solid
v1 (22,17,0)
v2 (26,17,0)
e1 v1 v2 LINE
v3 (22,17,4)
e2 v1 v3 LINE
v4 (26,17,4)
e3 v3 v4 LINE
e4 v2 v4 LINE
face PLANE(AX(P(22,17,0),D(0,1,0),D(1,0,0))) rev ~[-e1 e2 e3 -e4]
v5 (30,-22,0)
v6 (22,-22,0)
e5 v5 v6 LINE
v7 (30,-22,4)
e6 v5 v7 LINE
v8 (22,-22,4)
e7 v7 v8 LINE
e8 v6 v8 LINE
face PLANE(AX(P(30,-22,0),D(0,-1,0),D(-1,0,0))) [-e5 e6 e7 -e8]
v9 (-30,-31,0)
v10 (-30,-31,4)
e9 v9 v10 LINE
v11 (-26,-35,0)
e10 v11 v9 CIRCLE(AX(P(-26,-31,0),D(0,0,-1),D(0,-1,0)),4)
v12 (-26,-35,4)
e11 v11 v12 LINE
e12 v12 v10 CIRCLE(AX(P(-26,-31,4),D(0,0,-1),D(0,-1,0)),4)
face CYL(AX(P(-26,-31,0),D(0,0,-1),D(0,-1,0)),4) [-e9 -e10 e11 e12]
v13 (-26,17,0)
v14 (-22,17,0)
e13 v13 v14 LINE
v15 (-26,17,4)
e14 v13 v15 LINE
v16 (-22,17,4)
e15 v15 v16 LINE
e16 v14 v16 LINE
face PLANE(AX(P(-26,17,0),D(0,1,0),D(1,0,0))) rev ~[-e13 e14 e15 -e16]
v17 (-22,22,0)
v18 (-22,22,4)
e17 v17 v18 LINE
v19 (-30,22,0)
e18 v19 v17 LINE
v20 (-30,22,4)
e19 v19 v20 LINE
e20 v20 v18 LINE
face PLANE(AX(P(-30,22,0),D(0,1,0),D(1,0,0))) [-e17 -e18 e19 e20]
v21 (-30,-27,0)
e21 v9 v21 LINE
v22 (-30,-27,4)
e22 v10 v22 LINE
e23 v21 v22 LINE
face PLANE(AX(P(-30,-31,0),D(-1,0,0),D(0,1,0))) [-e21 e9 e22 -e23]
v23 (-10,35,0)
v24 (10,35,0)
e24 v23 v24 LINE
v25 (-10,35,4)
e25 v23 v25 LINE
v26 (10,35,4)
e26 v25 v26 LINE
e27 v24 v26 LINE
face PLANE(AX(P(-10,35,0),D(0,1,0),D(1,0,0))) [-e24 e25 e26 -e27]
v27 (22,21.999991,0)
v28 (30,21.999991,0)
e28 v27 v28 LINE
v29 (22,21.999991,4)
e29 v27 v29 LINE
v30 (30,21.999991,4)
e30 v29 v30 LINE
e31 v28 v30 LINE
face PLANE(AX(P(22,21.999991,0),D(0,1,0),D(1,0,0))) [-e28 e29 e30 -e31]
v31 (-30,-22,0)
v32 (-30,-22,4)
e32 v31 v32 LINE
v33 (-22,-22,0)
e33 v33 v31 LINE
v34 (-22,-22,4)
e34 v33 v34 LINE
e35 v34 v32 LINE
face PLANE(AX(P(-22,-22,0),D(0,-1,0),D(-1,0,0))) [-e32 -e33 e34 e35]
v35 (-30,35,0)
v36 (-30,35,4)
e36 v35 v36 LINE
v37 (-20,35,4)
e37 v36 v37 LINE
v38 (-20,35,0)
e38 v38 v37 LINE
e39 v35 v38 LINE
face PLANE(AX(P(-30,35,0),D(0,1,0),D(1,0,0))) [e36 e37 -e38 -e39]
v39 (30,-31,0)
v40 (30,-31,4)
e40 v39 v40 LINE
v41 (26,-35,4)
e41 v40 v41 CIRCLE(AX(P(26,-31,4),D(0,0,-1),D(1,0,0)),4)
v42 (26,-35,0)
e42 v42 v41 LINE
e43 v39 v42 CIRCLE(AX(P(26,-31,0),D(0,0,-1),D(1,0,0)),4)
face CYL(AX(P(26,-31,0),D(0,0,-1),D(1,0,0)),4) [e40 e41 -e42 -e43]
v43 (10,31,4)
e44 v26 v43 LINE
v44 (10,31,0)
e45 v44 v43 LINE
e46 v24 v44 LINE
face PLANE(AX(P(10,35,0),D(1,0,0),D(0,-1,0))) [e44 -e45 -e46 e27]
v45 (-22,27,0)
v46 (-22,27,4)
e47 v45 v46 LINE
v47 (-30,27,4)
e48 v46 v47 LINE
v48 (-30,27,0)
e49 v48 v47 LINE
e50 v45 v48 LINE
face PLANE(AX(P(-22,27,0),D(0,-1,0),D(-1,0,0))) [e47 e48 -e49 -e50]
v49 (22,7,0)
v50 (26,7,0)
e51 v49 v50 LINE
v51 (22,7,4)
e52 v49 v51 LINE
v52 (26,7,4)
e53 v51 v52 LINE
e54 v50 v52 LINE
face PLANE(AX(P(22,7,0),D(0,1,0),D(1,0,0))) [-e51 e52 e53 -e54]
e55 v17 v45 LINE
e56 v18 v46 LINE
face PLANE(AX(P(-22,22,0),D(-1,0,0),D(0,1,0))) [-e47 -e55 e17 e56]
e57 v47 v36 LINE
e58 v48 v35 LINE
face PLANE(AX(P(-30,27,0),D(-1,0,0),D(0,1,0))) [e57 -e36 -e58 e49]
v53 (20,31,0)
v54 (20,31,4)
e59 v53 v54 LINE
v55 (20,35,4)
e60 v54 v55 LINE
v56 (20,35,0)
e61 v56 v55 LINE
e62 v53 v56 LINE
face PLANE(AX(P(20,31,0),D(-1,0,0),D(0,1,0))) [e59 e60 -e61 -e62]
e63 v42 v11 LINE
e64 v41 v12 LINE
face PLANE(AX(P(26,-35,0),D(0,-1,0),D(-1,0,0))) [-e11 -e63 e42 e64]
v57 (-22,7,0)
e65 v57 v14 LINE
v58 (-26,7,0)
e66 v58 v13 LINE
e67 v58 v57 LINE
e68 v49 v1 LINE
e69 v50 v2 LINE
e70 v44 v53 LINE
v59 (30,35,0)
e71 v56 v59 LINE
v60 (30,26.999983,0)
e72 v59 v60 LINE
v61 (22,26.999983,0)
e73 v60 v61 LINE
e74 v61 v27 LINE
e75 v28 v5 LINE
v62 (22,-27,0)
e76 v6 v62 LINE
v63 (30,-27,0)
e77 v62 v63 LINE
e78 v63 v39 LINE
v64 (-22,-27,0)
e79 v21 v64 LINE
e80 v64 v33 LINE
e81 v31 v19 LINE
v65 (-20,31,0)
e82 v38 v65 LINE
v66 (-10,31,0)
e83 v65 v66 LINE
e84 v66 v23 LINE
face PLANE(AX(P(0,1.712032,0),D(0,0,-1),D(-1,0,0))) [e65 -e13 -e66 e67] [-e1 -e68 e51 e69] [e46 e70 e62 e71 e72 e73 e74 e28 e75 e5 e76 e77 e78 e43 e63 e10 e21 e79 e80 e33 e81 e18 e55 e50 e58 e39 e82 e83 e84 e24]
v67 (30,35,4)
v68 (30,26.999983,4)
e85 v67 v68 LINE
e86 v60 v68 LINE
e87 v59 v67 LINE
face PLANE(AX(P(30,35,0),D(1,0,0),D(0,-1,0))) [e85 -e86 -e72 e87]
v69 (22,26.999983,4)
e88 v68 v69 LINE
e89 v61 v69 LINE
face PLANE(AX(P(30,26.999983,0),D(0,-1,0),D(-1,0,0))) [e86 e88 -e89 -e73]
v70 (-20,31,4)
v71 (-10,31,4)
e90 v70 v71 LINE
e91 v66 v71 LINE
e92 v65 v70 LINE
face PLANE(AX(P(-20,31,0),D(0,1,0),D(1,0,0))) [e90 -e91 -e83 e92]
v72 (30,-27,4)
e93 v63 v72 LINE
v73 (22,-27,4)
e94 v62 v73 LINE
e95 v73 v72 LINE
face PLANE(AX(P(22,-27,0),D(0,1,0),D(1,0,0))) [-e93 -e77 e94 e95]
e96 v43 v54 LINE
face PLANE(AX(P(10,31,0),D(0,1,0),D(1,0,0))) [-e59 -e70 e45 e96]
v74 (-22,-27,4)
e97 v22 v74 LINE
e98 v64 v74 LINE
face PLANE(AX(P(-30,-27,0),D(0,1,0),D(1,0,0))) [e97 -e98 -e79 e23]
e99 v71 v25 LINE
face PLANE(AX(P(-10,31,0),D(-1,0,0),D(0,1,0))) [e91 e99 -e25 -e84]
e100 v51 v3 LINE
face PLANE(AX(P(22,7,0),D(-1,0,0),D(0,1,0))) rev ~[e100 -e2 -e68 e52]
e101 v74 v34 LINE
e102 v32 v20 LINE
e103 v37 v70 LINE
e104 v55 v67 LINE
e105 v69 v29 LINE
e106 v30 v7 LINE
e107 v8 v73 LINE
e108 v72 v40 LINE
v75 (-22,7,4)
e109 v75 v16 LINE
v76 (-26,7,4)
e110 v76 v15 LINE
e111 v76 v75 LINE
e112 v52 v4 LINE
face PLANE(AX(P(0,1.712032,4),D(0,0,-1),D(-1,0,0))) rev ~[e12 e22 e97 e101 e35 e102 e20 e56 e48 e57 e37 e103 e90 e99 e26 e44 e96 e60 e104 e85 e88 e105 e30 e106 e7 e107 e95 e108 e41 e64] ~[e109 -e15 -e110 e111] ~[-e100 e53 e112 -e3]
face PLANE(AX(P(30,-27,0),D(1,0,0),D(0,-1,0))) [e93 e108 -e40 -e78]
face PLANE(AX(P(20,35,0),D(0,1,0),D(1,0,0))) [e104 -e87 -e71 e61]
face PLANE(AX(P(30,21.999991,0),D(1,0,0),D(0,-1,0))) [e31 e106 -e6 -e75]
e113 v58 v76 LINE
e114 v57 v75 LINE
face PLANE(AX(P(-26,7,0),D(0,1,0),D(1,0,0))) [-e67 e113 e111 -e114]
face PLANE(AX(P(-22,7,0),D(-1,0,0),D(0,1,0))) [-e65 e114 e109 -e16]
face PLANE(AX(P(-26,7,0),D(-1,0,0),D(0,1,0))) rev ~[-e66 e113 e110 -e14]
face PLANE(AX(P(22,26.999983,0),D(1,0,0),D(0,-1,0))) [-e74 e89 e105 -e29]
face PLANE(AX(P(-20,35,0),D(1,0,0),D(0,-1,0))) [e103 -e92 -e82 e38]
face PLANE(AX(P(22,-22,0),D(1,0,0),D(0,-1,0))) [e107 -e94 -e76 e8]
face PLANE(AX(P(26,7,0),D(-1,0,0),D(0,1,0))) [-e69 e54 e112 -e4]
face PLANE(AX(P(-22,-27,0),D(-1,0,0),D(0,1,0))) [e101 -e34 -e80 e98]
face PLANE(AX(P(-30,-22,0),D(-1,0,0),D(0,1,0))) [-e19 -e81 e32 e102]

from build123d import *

# Parameters (mm, degrees)
SKETCH1_W           = 4
SKETCH1_H           = 10
BOSS_EXTRUDE2_DEPTH = 4


with BuildPart() as part:
    # Sketch1 → Boss-Extrude2 (new body)
    with BuildSketch(Plane.XY):
        with BuildLine():
            Line((-30, -27), (-22, -27))
            Line((-22, -27), (-22, -22))
            Line((-22, -22), (-30, -22))
            Line((-30, -22), (-30, 22))
            Line((-30, 22), (-22, 22))
            Line((-22, 22), (-22, 27))
            Line((-22, 27), (-30, 27))
            Line((-30, 27), (-30, 35))
            Line((-30, 35), (-20, 35))
            Line((-20, 35), (-20, 31))
            Line((-20, 31), (-10, 31))
            Line((-10, 31), (-10, 35))
            Line((-10, 35), (10, 35))
            Line((10, 35), (10, 31))
            Line((10, 31), (20, 31))
            Line((20, 31), (20, 35))
            Line((20, 35), (30, 35))
            Line((30, 35), (30, 26.999983113))
            Line((30, 26.999983113), (22, 26.999983113))
            Line((22, 26.999983113), (22, 21.999990545))
            Line((22, 21.999990545), (30, 21.999990545))
            Line((30, 21.999990545), (30, -22))
            Line((30, -22), (22, -22))
            Line((22, -22), (22, -27))
            Line((22, -27), (30, -27))
            Line((30, -27), (30, -31))
            ThreePointArc((30, -31), (28.828427125, -33.828427125), (26, -35))
            Line((26, -35), (-26, -35))
            ThreePointArc((-26, -35), (-28.828427125, -33.828427125), (-30, -31))
            Line((-30, -31), (-30, -27))
        make_face()
        with Locations((-24, 12)):
            Rectangle(SKETCH1_W, SKETCH1_H, mode=Mode.SUBTRACT)
        with Locations((24, 12)):
            Rectangle(SKETCH1_W, SKETCH1_H, mode=Mode.SUBTRACT)
    extrude(amount=BOSS_EXTRUDE2_DEPTH)


solid = part.part
